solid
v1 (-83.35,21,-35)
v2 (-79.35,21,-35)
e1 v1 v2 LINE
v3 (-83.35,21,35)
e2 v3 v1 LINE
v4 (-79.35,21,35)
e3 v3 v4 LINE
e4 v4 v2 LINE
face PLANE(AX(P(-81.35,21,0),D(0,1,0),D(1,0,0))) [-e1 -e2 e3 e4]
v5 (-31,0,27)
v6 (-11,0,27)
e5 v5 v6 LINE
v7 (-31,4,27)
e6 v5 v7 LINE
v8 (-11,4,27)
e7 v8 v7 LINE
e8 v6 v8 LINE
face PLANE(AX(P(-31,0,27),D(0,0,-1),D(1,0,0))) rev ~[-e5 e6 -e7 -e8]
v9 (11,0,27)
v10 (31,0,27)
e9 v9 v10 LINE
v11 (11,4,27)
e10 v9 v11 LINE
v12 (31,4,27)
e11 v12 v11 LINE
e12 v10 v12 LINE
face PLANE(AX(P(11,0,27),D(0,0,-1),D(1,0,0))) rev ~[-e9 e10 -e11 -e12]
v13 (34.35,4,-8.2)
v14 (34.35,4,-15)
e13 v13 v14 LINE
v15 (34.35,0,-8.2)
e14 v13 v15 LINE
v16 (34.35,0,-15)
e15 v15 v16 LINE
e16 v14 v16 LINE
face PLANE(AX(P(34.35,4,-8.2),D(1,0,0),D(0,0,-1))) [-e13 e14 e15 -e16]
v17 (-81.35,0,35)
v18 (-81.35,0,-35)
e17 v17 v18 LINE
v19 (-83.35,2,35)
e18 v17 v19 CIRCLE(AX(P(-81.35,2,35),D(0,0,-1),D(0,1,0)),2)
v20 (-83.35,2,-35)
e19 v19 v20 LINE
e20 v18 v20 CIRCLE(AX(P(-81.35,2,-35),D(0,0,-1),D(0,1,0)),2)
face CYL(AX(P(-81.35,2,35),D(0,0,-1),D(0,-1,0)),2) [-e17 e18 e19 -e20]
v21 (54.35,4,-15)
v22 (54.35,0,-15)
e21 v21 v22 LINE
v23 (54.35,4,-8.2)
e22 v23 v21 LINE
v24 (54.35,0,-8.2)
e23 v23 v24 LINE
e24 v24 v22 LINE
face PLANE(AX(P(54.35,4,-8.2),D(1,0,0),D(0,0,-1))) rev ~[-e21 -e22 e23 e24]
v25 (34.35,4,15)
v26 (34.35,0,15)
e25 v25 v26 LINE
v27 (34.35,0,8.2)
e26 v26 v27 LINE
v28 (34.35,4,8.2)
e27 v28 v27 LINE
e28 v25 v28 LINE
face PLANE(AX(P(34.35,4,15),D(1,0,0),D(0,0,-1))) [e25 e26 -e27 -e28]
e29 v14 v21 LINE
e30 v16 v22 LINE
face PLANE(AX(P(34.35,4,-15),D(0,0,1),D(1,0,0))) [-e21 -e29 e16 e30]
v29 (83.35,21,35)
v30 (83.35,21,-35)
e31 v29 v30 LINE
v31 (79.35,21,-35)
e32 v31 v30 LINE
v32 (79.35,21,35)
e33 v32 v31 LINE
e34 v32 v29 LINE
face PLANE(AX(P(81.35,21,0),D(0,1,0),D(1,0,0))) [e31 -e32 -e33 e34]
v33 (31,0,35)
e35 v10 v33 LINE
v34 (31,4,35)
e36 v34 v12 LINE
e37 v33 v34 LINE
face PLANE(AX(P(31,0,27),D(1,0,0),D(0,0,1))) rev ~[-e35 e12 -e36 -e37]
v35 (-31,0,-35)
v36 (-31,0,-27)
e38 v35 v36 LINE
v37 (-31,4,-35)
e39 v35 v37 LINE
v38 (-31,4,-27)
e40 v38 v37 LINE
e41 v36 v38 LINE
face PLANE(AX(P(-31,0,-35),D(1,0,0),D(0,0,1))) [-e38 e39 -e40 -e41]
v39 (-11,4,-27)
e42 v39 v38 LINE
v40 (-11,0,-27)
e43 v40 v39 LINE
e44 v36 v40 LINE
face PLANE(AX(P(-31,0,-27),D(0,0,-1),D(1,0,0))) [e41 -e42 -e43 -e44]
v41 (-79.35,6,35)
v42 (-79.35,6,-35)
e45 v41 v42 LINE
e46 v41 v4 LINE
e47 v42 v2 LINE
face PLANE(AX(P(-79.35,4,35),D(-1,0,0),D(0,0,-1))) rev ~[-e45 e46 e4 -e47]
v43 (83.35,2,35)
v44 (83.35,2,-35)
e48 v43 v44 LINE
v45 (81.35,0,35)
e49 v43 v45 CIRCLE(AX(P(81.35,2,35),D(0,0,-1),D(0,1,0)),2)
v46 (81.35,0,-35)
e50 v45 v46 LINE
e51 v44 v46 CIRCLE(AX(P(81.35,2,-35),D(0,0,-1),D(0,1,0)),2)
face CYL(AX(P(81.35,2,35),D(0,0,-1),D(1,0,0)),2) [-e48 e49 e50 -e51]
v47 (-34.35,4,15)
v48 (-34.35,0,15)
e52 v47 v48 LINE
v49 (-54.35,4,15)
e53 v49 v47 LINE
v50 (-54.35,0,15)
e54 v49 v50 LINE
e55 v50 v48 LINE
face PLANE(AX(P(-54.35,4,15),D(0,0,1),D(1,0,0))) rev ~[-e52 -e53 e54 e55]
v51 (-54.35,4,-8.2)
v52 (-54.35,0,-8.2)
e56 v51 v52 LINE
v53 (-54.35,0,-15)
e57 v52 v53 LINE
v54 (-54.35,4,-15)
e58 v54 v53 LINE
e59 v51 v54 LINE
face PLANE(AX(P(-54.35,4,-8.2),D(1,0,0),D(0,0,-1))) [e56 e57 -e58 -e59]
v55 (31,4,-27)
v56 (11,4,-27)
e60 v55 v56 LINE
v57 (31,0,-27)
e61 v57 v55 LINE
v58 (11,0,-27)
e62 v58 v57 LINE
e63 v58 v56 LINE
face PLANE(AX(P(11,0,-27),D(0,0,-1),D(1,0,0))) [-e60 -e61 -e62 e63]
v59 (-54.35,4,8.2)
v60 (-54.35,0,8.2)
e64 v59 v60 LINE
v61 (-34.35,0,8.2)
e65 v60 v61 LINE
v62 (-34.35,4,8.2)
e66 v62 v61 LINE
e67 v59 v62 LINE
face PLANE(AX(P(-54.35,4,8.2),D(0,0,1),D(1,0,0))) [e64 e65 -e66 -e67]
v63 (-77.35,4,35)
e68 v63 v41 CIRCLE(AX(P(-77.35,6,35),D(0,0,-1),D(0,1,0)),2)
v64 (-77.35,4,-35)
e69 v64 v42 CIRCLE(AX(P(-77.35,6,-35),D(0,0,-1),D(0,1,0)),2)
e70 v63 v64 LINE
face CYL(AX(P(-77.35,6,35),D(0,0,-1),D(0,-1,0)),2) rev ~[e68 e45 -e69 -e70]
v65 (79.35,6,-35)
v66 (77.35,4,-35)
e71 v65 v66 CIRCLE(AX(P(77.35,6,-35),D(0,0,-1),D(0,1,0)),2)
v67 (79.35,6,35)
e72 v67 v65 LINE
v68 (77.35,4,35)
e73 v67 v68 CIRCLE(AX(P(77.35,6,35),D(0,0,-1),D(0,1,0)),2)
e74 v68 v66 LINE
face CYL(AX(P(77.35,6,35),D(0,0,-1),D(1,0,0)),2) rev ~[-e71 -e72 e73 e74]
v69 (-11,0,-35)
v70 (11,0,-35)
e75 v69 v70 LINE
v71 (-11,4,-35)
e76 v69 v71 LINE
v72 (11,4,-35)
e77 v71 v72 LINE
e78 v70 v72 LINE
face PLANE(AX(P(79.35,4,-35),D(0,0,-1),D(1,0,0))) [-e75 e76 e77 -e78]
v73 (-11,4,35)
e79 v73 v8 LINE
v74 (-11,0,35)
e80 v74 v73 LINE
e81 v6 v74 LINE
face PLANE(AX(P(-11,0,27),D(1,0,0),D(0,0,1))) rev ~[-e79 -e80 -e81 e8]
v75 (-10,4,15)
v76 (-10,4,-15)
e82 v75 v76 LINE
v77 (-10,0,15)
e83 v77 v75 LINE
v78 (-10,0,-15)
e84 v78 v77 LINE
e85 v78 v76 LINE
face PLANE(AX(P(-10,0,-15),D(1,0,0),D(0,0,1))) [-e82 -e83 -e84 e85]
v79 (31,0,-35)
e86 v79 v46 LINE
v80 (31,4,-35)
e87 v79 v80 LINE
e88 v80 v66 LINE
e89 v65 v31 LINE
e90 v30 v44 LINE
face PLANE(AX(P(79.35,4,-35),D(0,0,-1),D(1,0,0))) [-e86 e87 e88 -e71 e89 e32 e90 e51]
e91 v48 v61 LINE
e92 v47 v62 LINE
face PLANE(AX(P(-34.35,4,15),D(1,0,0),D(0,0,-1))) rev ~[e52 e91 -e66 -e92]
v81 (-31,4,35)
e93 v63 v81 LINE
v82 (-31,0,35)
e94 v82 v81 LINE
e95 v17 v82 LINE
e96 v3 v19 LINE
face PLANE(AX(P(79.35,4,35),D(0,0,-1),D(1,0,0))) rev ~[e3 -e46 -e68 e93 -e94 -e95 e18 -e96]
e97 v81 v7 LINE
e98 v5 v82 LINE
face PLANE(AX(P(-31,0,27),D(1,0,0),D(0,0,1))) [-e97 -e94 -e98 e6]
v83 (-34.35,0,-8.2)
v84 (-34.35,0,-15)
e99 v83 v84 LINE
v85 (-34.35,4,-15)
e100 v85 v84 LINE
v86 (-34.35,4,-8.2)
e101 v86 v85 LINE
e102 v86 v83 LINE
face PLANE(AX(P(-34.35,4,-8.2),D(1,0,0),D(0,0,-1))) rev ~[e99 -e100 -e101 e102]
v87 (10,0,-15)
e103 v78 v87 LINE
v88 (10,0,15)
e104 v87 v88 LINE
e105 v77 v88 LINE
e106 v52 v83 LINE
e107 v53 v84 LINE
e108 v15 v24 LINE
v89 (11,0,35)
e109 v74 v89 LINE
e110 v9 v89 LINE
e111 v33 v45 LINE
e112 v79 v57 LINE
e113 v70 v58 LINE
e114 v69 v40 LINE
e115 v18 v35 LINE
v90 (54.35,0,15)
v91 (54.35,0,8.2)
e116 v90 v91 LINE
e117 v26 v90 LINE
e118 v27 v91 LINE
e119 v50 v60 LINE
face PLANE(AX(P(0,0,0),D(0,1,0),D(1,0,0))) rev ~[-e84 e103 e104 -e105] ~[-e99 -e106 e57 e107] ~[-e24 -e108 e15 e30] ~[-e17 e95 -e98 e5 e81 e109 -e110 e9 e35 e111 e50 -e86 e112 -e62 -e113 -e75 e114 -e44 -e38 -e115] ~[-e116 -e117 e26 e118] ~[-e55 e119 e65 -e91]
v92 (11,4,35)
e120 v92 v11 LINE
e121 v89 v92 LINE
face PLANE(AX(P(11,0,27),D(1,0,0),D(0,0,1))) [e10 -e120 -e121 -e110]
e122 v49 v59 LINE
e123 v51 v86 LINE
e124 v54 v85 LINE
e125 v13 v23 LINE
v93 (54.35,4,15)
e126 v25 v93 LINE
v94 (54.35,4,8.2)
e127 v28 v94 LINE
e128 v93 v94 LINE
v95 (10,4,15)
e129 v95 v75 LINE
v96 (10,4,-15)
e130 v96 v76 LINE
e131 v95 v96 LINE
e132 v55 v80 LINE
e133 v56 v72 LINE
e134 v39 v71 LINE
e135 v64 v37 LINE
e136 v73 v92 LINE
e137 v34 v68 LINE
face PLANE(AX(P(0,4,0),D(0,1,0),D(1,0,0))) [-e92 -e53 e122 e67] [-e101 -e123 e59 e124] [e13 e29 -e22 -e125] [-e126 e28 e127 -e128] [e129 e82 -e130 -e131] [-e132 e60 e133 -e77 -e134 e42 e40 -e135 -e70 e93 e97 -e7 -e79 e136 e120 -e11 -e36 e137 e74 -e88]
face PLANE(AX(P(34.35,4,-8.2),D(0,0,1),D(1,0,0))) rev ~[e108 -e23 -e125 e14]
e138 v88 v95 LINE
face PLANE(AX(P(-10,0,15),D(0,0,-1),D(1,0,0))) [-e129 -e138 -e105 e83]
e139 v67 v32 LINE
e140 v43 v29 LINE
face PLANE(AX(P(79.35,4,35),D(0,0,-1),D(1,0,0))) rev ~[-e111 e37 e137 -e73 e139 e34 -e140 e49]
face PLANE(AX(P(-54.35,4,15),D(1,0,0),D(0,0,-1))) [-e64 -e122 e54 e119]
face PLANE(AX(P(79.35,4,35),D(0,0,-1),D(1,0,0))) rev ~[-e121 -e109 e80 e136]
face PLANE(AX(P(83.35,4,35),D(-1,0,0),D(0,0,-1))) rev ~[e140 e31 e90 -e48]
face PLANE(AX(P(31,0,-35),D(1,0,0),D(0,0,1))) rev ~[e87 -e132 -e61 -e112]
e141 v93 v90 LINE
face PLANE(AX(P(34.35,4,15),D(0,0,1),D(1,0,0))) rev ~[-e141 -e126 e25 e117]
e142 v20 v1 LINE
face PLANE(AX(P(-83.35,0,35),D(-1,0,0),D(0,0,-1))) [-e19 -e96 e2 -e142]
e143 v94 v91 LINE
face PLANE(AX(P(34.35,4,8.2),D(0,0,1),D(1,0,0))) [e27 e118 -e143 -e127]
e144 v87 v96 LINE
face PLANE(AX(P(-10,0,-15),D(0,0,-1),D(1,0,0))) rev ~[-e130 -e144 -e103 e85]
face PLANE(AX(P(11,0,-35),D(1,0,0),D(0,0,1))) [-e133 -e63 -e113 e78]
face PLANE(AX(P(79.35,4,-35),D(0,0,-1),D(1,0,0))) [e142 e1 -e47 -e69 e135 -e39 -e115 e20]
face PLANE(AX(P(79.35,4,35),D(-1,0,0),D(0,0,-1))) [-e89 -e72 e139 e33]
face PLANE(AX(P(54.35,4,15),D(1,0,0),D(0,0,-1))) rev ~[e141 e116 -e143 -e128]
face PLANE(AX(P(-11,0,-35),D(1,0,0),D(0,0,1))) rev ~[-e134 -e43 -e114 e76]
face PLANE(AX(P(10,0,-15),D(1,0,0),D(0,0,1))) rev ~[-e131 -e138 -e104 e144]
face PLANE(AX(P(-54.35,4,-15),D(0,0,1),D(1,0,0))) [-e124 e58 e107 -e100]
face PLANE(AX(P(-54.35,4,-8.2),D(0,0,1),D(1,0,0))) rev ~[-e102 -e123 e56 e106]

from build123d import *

# Parameters (mm, degrees)
SKETCH1_W           = 166.7
SKETCH1_H           = 70
BOSS_EXTRUDE1_DEPTH = 4
SKETCH2_W           = 4
SKETCH2_H           = 70
BOSS_EXTRUDE2_DEPTH = 17
SKETCH3_W           = 20
SKETCH3_H           = 6.8
CUT_EXTRUDE1_DEPTH  = 92.984903653
SKETCH4_W           = 20
SKETCH4_H           = 30
CUT_EXTRUDE2_DEPTH  = 93.807448516
FILLET1_R           = 2
SKETCH5_W           = 20
SKETCH5_H           = 8
CUT_EXTRUDE3_DEPTH  = 93.807448516


with BuildPart() as part:
    # Sketch1 → Boss-Extrude1 (new body)
    with BuildSketch(Plane(origin=(0, 0, 0), x_dir=(1, 0, 0), z_dir=(0, 1, 0))):
        Rectangle(SKETCH1_W, SKETCH1_H)
    extrude(amount=BOSS_EXTRUDE1_DEPTH)

    # Sketch2 → Boss-Extrude2 (add)
    with BuildSketch(Plane(origin=(0, 4, 0), x_dir=(1, 0, 0), z_dir=(0, 1, 0))):
        with Locations((81.35, 0)):
            Rectangle(SKETCH2_W, SKETCH2_H)
        with Locations((-81.35, 0)):
            Rectangle(SKETCH2_W, SKETCH2_H)
    extrude(amount=BOSS_EXTRUDE2_DEPTH)

    # Sketch3 → Cut-Extrude1 (cut, through all)
    with BuildSketch(Plane(origin=(0, 4, 0), x_dir=(1, 0, 0), z_dir=(0, 1, 0))):
        with Locations((-44.35, 11.6)):
            Rectangle(SKETCH3_W, SKETCH3_H)
        with Locations((-44.35, -11.6)):
            Rectangle(SKETCH3_W, SKETCH3_H)
        with Locations((44.35, -11.6)):
            Rectangle(SKETCH3_W, SKETCH3_H)
        with Locations((44.35, 11.6)):
            Rectangle(SKETCH3_W, SKETCH3_H)
    extrude(amount=-CUT_EXTRUDE1_DEPTH, mode=Mode.SUBTRACT)

    # Sketch4 → Cut-Extrude2 (cut, through all)
    with BuildSketch(Plane.XZ):
        Rectangle(SKETCH4_W, SKETCH4_H)
    extrude(amount=-CUT_EXTRUDE2_DEPTH, mode=Mode.SUBTRACT)

    # Fillet1
    fillet1_edges = [part.edges().sort_by_distance(p)[0] for p in [
        (79.35, 4, 0),
        (-79.35, 4, 0),
        (-83.35, 0, 0),
        (83.35, 0, 0),
    ]]
    fillet(fillet1_edges, radius=FILLET1_R)

    # Sketch5 → Cut-Extrude3 (cut, through all)
    with BuildSketch(Plane.XZ):
        with Locations((-21, -31)):
            Rectangle(SKETCH5_W, SKETCH5_H)
        with Locations((-21, 31)):
            Rectangle(SKETCH5_W, SKETCH5_H)
        with Locations((21, 31)):
            Rectangle(SKETCH5_W, SKETCH5_H)
        with Locations((21, -31)):
            Rectangle(SKETCH5_W, SKETCH5_H)
    extrude(amount=-CUT_EXTRUDE3_DEPTH, mode=Mode.SUBTRACT)


solid = part.part
